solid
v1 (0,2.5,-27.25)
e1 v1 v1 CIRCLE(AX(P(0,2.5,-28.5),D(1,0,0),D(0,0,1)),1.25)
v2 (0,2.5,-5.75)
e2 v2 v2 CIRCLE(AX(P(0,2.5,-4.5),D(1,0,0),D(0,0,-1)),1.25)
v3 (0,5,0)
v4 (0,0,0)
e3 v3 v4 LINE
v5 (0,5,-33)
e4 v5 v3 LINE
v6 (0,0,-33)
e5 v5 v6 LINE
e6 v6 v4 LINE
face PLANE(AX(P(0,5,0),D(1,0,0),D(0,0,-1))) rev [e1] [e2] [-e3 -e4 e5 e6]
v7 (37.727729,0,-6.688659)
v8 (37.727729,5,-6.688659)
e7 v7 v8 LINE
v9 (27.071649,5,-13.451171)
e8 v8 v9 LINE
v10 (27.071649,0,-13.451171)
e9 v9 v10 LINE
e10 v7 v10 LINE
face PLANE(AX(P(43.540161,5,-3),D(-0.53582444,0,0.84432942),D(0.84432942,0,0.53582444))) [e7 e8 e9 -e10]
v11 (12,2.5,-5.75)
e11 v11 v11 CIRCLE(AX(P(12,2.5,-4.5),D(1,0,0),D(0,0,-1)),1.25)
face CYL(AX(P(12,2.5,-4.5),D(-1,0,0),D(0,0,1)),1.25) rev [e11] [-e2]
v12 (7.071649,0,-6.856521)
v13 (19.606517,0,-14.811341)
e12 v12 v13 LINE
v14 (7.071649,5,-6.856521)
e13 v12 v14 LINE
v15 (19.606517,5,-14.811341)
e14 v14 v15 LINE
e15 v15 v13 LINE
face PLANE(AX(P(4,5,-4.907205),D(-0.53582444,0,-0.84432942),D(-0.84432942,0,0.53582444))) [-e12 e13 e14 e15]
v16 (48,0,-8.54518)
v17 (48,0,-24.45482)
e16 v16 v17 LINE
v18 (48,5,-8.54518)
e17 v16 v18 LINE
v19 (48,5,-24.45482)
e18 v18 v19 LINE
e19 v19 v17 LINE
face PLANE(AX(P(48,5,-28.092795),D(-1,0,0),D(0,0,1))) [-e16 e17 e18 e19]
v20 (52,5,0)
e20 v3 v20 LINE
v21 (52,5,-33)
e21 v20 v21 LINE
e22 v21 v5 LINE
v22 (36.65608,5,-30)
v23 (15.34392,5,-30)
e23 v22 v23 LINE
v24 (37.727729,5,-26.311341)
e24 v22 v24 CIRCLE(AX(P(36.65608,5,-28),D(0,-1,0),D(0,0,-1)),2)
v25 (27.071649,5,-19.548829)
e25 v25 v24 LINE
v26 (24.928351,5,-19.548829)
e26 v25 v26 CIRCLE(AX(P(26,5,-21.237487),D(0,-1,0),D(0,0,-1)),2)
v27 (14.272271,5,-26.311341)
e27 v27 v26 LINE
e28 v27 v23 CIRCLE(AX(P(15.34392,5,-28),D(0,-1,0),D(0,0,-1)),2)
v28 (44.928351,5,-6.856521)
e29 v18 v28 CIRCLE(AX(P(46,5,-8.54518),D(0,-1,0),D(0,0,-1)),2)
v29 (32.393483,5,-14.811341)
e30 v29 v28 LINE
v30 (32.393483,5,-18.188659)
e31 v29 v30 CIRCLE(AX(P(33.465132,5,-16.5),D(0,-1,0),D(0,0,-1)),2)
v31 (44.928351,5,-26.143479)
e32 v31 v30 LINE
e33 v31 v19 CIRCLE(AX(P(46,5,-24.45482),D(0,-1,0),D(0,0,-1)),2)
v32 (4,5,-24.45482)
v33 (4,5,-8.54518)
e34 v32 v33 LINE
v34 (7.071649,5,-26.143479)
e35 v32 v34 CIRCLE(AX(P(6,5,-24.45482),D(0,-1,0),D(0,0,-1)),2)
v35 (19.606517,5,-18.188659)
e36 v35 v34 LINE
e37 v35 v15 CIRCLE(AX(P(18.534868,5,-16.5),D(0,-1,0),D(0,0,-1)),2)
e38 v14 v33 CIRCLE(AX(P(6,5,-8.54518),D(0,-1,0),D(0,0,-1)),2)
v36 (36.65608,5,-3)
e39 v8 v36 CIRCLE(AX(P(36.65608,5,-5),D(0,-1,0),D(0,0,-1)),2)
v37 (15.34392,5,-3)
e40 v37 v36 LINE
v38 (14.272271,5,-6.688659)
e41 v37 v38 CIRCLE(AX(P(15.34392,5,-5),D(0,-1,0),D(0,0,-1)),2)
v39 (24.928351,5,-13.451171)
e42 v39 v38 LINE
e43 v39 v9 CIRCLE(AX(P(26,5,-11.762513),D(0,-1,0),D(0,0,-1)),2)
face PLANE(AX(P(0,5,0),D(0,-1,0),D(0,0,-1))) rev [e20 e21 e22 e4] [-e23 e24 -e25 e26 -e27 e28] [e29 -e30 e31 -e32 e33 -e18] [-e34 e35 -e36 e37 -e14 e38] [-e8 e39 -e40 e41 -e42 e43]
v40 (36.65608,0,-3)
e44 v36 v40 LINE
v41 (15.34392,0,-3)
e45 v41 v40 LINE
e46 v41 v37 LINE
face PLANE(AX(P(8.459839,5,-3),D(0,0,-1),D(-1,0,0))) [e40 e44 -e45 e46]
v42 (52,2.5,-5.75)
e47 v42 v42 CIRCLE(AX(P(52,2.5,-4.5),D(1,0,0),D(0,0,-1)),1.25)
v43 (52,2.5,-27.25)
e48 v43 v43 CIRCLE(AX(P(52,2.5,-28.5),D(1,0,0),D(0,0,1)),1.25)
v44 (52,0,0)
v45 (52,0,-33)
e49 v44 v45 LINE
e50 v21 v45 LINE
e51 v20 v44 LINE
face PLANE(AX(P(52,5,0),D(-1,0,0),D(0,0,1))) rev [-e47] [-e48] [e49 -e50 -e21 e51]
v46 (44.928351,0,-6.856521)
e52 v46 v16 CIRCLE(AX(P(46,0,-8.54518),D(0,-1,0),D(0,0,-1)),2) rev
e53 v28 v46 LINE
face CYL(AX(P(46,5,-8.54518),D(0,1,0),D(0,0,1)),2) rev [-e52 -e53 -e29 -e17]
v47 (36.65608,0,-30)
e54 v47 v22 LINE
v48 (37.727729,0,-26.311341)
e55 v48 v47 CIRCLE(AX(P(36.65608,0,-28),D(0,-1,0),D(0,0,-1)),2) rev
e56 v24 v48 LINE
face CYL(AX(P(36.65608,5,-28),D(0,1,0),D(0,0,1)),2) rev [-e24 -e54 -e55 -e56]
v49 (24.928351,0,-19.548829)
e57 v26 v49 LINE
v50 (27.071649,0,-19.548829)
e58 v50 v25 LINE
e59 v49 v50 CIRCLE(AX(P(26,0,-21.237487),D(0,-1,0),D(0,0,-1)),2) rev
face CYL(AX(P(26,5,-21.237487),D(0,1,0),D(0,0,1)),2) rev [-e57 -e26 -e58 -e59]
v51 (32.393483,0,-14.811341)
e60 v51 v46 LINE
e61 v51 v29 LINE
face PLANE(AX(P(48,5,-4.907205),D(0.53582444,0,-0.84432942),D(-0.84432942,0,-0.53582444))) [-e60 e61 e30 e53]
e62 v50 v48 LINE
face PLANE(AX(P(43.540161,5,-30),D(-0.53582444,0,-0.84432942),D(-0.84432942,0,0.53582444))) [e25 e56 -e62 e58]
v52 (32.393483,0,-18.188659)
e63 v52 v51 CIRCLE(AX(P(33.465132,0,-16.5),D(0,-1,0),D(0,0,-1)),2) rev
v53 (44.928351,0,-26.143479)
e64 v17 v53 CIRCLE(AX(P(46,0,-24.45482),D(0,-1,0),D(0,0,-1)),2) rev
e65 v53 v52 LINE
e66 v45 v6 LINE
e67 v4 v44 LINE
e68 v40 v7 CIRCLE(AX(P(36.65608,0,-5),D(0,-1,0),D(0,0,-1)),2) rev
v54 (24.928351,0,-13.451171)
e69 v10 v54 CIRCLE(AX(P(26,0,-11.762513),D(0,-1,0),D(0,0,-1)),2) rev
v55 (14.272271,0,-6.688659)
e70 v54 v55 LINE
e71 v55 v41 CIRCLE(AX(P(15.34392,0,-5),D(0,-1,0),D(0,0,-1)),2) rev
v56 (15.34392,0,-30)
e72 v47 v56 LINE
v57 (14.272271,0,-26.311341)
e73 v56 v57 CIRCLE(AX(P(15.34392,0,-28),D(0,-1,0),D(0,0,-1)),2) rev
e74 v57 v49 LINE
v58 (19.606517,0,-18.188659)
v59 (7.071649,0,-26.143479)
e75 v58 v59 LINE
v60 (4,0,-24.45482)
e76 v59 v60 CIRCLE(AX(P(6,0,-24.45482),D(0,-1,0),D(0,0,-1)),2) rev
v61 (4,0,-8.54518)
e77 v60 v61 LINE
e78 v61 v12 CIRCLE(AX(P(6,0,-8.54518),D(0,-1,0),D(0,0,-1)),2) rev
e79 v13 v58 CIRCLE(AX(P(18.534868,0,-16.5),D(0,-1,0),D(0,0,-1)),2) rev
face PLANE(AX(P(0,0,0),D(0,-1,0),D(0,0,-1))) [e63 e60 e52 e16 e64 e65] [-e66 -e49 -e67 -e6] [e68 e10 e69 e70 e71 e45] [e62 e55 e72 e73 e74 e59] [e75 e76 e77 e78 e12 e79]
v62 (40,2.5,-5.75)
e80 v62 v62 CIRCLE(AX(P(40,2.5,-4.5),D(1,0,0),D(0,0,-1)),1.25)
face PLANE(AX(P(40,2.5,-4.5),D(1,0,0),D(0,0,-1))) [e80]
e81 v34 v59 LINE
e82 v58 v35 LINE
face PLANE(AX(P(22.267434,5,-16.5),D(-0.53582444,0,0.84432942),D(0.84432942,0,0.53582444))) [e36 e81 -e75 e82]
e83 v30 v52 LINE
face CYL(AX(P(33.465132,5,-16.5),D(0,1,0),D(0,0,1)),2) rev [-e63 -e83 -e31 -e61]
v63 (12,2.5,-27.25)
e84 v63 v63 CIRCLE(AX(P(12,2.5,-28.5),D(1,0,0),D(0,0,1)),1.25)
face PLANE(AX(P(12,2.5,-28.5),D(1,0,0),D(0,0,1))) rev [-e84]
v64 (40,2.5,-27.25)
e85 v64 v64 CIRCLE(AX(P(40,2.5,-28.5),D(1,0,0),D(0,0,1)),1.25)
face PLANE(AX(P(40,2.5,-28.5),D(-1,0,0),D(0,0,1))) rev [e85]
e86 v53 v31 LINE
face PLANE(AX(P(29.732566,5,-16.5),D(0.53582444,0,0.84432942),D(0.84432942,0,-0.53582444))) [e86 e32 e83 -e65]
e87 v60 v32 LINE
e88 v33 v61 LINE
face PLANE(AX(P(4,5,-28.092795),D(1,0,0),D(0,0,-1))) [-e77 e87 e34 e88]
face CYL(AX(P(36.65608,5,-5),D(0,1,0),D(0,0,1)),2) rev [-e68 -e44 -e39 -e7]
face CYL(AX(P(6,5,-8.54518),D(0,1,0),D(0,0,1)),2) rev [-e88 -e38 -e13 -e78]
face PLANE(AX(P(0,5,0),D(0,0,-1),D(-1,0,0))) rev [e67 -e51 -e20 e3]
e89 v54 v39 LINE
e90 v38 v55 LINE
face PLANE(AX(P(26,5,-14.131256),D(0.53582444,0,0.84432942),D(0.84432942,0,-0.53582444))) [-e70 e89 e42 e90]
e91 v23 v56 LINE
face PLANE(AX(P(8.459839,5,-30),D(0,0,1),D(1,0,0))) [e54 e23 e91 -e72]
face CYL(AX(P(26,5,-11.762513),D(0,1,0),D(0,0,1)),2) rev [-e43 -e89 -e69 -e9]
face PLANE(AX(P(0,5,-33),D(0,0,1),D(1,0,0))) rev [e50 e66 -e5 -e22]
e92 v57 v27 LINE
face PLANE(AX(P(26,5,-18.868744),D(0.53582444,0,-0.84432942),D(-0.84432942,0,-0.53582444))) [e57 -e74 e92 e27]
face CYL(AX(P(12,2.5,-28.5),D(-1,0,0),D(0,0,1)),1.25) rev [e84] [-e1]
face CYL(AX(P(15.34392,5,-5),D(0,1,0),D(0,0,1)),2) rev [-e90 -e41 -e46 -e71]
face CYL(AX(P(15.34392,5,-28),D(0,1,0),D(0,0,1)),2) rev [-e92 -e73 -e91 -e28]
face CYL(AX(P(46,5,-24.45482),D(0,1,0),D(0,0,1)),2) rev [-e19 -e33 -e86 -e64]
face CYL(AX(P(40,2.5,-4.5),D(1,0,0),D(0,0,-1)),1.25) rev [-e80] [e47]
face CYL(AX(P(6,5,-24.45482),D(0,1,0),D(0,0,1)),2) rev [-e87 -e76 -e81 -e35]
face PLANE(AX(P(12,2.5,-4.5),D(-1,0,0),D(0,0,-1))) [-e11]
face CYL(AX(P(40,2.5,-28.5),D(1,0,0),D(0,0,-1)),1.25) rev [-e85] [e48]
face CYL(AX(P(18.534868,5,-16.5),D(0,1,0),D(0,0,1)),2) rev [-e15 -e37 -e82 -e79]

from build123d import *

# Parameters (mm, degrees)
SKETCH1_W           = 52
SKETCH1_H           = 33
BOSS_EXTRUDE1_DEPTH = 5
FILLET1_R           = 2
SKETCH2_R           = 1.25
CUT_EXTRUDE1_DEPTH  = 12


with BuildPart() as part:
    # Sketch1 → Boss-Extrude1 (new body)
    with BuildSketch(Plane(origin=(0, 0, 0), x_dir=(1, 0, 0), z_dir=(0, 1, 0))):
        with Locations((26, 16.5)):
            Rectangle(SKETCH1_W, SKETCH1_H)
        Polygon((4, 28.092794755), (4, 4.907205245), (22.26743416, 16.5), align=None, mode=Mode.SUBTRACT)
        Polygon((26, 14.131256294), (8.459838567, 3), (43.540161433, 3), align=None, mode=Mode.SUBTRACT)
        Polygon((48, 4.907205245), (29.73256584, 16.5), (48, 28.092794755), align=None, mode=Mode.SUBTRACT)
        Polygon((8.459838567, 30), (43.540161433, 30), (26, 18.868743706), align=None, mode=Mode.SUBTRACT)
    extrude(amount=BOSS_EXTRUDE1_DEPTH)

    # Fillet1
    fillet1_edges = [part.edges().sort_by_distance(p)[0] for p in [
        (22.26743416, 2.5, -16.5),
        (4, 2.5, -28.092794755),
        (4, 2.5, -4.907205245),
        (43.540161433, 2.5, -3),
        (26, 2.5, -14.131256294),
        (8.459838567, 2.5, -3),
        (48, 2.5, -4.907205245),
        (48, 2.5, -28.092794755),
        (29.73256584, 2.5, -16.5),
        (8.459838567, 2.5, -30),
        (26, 2.5, -18.868743706),
        (43.540161433, 2.5, -30),
    ]]
    fillet(fillet1_edges, radius=FILLET1_R)

    # Sketch2 → Cut-Extrude1 (cut)
    with BuildSketch(Plane(origin=(52, 0, 0), x_dir=(0, 0, -1), z_dir=(1, 0, 0))):
        with Locations((4.5, 2.5)):
            Circle(SKETCH2_R)
        with Locations(Location((28.5, 2.5, 0), (0, 0, 180))):
            Circle(SKETCH2_R)
    cut_extrude1 = extrude(amount=-CUT_EXTRUDE1_DEPTH, mode=Mode.SUBTRACT)

    # Mirror1: Cut-Extrude1 across plane
    add(cut_extrude1.mirror(Plane(origin=(26, 0, 0), x_dir=(0, 0, 1), z_dir=(1, 0, 0))), mode=Mode.SUBTRACT)


solid = part.part
